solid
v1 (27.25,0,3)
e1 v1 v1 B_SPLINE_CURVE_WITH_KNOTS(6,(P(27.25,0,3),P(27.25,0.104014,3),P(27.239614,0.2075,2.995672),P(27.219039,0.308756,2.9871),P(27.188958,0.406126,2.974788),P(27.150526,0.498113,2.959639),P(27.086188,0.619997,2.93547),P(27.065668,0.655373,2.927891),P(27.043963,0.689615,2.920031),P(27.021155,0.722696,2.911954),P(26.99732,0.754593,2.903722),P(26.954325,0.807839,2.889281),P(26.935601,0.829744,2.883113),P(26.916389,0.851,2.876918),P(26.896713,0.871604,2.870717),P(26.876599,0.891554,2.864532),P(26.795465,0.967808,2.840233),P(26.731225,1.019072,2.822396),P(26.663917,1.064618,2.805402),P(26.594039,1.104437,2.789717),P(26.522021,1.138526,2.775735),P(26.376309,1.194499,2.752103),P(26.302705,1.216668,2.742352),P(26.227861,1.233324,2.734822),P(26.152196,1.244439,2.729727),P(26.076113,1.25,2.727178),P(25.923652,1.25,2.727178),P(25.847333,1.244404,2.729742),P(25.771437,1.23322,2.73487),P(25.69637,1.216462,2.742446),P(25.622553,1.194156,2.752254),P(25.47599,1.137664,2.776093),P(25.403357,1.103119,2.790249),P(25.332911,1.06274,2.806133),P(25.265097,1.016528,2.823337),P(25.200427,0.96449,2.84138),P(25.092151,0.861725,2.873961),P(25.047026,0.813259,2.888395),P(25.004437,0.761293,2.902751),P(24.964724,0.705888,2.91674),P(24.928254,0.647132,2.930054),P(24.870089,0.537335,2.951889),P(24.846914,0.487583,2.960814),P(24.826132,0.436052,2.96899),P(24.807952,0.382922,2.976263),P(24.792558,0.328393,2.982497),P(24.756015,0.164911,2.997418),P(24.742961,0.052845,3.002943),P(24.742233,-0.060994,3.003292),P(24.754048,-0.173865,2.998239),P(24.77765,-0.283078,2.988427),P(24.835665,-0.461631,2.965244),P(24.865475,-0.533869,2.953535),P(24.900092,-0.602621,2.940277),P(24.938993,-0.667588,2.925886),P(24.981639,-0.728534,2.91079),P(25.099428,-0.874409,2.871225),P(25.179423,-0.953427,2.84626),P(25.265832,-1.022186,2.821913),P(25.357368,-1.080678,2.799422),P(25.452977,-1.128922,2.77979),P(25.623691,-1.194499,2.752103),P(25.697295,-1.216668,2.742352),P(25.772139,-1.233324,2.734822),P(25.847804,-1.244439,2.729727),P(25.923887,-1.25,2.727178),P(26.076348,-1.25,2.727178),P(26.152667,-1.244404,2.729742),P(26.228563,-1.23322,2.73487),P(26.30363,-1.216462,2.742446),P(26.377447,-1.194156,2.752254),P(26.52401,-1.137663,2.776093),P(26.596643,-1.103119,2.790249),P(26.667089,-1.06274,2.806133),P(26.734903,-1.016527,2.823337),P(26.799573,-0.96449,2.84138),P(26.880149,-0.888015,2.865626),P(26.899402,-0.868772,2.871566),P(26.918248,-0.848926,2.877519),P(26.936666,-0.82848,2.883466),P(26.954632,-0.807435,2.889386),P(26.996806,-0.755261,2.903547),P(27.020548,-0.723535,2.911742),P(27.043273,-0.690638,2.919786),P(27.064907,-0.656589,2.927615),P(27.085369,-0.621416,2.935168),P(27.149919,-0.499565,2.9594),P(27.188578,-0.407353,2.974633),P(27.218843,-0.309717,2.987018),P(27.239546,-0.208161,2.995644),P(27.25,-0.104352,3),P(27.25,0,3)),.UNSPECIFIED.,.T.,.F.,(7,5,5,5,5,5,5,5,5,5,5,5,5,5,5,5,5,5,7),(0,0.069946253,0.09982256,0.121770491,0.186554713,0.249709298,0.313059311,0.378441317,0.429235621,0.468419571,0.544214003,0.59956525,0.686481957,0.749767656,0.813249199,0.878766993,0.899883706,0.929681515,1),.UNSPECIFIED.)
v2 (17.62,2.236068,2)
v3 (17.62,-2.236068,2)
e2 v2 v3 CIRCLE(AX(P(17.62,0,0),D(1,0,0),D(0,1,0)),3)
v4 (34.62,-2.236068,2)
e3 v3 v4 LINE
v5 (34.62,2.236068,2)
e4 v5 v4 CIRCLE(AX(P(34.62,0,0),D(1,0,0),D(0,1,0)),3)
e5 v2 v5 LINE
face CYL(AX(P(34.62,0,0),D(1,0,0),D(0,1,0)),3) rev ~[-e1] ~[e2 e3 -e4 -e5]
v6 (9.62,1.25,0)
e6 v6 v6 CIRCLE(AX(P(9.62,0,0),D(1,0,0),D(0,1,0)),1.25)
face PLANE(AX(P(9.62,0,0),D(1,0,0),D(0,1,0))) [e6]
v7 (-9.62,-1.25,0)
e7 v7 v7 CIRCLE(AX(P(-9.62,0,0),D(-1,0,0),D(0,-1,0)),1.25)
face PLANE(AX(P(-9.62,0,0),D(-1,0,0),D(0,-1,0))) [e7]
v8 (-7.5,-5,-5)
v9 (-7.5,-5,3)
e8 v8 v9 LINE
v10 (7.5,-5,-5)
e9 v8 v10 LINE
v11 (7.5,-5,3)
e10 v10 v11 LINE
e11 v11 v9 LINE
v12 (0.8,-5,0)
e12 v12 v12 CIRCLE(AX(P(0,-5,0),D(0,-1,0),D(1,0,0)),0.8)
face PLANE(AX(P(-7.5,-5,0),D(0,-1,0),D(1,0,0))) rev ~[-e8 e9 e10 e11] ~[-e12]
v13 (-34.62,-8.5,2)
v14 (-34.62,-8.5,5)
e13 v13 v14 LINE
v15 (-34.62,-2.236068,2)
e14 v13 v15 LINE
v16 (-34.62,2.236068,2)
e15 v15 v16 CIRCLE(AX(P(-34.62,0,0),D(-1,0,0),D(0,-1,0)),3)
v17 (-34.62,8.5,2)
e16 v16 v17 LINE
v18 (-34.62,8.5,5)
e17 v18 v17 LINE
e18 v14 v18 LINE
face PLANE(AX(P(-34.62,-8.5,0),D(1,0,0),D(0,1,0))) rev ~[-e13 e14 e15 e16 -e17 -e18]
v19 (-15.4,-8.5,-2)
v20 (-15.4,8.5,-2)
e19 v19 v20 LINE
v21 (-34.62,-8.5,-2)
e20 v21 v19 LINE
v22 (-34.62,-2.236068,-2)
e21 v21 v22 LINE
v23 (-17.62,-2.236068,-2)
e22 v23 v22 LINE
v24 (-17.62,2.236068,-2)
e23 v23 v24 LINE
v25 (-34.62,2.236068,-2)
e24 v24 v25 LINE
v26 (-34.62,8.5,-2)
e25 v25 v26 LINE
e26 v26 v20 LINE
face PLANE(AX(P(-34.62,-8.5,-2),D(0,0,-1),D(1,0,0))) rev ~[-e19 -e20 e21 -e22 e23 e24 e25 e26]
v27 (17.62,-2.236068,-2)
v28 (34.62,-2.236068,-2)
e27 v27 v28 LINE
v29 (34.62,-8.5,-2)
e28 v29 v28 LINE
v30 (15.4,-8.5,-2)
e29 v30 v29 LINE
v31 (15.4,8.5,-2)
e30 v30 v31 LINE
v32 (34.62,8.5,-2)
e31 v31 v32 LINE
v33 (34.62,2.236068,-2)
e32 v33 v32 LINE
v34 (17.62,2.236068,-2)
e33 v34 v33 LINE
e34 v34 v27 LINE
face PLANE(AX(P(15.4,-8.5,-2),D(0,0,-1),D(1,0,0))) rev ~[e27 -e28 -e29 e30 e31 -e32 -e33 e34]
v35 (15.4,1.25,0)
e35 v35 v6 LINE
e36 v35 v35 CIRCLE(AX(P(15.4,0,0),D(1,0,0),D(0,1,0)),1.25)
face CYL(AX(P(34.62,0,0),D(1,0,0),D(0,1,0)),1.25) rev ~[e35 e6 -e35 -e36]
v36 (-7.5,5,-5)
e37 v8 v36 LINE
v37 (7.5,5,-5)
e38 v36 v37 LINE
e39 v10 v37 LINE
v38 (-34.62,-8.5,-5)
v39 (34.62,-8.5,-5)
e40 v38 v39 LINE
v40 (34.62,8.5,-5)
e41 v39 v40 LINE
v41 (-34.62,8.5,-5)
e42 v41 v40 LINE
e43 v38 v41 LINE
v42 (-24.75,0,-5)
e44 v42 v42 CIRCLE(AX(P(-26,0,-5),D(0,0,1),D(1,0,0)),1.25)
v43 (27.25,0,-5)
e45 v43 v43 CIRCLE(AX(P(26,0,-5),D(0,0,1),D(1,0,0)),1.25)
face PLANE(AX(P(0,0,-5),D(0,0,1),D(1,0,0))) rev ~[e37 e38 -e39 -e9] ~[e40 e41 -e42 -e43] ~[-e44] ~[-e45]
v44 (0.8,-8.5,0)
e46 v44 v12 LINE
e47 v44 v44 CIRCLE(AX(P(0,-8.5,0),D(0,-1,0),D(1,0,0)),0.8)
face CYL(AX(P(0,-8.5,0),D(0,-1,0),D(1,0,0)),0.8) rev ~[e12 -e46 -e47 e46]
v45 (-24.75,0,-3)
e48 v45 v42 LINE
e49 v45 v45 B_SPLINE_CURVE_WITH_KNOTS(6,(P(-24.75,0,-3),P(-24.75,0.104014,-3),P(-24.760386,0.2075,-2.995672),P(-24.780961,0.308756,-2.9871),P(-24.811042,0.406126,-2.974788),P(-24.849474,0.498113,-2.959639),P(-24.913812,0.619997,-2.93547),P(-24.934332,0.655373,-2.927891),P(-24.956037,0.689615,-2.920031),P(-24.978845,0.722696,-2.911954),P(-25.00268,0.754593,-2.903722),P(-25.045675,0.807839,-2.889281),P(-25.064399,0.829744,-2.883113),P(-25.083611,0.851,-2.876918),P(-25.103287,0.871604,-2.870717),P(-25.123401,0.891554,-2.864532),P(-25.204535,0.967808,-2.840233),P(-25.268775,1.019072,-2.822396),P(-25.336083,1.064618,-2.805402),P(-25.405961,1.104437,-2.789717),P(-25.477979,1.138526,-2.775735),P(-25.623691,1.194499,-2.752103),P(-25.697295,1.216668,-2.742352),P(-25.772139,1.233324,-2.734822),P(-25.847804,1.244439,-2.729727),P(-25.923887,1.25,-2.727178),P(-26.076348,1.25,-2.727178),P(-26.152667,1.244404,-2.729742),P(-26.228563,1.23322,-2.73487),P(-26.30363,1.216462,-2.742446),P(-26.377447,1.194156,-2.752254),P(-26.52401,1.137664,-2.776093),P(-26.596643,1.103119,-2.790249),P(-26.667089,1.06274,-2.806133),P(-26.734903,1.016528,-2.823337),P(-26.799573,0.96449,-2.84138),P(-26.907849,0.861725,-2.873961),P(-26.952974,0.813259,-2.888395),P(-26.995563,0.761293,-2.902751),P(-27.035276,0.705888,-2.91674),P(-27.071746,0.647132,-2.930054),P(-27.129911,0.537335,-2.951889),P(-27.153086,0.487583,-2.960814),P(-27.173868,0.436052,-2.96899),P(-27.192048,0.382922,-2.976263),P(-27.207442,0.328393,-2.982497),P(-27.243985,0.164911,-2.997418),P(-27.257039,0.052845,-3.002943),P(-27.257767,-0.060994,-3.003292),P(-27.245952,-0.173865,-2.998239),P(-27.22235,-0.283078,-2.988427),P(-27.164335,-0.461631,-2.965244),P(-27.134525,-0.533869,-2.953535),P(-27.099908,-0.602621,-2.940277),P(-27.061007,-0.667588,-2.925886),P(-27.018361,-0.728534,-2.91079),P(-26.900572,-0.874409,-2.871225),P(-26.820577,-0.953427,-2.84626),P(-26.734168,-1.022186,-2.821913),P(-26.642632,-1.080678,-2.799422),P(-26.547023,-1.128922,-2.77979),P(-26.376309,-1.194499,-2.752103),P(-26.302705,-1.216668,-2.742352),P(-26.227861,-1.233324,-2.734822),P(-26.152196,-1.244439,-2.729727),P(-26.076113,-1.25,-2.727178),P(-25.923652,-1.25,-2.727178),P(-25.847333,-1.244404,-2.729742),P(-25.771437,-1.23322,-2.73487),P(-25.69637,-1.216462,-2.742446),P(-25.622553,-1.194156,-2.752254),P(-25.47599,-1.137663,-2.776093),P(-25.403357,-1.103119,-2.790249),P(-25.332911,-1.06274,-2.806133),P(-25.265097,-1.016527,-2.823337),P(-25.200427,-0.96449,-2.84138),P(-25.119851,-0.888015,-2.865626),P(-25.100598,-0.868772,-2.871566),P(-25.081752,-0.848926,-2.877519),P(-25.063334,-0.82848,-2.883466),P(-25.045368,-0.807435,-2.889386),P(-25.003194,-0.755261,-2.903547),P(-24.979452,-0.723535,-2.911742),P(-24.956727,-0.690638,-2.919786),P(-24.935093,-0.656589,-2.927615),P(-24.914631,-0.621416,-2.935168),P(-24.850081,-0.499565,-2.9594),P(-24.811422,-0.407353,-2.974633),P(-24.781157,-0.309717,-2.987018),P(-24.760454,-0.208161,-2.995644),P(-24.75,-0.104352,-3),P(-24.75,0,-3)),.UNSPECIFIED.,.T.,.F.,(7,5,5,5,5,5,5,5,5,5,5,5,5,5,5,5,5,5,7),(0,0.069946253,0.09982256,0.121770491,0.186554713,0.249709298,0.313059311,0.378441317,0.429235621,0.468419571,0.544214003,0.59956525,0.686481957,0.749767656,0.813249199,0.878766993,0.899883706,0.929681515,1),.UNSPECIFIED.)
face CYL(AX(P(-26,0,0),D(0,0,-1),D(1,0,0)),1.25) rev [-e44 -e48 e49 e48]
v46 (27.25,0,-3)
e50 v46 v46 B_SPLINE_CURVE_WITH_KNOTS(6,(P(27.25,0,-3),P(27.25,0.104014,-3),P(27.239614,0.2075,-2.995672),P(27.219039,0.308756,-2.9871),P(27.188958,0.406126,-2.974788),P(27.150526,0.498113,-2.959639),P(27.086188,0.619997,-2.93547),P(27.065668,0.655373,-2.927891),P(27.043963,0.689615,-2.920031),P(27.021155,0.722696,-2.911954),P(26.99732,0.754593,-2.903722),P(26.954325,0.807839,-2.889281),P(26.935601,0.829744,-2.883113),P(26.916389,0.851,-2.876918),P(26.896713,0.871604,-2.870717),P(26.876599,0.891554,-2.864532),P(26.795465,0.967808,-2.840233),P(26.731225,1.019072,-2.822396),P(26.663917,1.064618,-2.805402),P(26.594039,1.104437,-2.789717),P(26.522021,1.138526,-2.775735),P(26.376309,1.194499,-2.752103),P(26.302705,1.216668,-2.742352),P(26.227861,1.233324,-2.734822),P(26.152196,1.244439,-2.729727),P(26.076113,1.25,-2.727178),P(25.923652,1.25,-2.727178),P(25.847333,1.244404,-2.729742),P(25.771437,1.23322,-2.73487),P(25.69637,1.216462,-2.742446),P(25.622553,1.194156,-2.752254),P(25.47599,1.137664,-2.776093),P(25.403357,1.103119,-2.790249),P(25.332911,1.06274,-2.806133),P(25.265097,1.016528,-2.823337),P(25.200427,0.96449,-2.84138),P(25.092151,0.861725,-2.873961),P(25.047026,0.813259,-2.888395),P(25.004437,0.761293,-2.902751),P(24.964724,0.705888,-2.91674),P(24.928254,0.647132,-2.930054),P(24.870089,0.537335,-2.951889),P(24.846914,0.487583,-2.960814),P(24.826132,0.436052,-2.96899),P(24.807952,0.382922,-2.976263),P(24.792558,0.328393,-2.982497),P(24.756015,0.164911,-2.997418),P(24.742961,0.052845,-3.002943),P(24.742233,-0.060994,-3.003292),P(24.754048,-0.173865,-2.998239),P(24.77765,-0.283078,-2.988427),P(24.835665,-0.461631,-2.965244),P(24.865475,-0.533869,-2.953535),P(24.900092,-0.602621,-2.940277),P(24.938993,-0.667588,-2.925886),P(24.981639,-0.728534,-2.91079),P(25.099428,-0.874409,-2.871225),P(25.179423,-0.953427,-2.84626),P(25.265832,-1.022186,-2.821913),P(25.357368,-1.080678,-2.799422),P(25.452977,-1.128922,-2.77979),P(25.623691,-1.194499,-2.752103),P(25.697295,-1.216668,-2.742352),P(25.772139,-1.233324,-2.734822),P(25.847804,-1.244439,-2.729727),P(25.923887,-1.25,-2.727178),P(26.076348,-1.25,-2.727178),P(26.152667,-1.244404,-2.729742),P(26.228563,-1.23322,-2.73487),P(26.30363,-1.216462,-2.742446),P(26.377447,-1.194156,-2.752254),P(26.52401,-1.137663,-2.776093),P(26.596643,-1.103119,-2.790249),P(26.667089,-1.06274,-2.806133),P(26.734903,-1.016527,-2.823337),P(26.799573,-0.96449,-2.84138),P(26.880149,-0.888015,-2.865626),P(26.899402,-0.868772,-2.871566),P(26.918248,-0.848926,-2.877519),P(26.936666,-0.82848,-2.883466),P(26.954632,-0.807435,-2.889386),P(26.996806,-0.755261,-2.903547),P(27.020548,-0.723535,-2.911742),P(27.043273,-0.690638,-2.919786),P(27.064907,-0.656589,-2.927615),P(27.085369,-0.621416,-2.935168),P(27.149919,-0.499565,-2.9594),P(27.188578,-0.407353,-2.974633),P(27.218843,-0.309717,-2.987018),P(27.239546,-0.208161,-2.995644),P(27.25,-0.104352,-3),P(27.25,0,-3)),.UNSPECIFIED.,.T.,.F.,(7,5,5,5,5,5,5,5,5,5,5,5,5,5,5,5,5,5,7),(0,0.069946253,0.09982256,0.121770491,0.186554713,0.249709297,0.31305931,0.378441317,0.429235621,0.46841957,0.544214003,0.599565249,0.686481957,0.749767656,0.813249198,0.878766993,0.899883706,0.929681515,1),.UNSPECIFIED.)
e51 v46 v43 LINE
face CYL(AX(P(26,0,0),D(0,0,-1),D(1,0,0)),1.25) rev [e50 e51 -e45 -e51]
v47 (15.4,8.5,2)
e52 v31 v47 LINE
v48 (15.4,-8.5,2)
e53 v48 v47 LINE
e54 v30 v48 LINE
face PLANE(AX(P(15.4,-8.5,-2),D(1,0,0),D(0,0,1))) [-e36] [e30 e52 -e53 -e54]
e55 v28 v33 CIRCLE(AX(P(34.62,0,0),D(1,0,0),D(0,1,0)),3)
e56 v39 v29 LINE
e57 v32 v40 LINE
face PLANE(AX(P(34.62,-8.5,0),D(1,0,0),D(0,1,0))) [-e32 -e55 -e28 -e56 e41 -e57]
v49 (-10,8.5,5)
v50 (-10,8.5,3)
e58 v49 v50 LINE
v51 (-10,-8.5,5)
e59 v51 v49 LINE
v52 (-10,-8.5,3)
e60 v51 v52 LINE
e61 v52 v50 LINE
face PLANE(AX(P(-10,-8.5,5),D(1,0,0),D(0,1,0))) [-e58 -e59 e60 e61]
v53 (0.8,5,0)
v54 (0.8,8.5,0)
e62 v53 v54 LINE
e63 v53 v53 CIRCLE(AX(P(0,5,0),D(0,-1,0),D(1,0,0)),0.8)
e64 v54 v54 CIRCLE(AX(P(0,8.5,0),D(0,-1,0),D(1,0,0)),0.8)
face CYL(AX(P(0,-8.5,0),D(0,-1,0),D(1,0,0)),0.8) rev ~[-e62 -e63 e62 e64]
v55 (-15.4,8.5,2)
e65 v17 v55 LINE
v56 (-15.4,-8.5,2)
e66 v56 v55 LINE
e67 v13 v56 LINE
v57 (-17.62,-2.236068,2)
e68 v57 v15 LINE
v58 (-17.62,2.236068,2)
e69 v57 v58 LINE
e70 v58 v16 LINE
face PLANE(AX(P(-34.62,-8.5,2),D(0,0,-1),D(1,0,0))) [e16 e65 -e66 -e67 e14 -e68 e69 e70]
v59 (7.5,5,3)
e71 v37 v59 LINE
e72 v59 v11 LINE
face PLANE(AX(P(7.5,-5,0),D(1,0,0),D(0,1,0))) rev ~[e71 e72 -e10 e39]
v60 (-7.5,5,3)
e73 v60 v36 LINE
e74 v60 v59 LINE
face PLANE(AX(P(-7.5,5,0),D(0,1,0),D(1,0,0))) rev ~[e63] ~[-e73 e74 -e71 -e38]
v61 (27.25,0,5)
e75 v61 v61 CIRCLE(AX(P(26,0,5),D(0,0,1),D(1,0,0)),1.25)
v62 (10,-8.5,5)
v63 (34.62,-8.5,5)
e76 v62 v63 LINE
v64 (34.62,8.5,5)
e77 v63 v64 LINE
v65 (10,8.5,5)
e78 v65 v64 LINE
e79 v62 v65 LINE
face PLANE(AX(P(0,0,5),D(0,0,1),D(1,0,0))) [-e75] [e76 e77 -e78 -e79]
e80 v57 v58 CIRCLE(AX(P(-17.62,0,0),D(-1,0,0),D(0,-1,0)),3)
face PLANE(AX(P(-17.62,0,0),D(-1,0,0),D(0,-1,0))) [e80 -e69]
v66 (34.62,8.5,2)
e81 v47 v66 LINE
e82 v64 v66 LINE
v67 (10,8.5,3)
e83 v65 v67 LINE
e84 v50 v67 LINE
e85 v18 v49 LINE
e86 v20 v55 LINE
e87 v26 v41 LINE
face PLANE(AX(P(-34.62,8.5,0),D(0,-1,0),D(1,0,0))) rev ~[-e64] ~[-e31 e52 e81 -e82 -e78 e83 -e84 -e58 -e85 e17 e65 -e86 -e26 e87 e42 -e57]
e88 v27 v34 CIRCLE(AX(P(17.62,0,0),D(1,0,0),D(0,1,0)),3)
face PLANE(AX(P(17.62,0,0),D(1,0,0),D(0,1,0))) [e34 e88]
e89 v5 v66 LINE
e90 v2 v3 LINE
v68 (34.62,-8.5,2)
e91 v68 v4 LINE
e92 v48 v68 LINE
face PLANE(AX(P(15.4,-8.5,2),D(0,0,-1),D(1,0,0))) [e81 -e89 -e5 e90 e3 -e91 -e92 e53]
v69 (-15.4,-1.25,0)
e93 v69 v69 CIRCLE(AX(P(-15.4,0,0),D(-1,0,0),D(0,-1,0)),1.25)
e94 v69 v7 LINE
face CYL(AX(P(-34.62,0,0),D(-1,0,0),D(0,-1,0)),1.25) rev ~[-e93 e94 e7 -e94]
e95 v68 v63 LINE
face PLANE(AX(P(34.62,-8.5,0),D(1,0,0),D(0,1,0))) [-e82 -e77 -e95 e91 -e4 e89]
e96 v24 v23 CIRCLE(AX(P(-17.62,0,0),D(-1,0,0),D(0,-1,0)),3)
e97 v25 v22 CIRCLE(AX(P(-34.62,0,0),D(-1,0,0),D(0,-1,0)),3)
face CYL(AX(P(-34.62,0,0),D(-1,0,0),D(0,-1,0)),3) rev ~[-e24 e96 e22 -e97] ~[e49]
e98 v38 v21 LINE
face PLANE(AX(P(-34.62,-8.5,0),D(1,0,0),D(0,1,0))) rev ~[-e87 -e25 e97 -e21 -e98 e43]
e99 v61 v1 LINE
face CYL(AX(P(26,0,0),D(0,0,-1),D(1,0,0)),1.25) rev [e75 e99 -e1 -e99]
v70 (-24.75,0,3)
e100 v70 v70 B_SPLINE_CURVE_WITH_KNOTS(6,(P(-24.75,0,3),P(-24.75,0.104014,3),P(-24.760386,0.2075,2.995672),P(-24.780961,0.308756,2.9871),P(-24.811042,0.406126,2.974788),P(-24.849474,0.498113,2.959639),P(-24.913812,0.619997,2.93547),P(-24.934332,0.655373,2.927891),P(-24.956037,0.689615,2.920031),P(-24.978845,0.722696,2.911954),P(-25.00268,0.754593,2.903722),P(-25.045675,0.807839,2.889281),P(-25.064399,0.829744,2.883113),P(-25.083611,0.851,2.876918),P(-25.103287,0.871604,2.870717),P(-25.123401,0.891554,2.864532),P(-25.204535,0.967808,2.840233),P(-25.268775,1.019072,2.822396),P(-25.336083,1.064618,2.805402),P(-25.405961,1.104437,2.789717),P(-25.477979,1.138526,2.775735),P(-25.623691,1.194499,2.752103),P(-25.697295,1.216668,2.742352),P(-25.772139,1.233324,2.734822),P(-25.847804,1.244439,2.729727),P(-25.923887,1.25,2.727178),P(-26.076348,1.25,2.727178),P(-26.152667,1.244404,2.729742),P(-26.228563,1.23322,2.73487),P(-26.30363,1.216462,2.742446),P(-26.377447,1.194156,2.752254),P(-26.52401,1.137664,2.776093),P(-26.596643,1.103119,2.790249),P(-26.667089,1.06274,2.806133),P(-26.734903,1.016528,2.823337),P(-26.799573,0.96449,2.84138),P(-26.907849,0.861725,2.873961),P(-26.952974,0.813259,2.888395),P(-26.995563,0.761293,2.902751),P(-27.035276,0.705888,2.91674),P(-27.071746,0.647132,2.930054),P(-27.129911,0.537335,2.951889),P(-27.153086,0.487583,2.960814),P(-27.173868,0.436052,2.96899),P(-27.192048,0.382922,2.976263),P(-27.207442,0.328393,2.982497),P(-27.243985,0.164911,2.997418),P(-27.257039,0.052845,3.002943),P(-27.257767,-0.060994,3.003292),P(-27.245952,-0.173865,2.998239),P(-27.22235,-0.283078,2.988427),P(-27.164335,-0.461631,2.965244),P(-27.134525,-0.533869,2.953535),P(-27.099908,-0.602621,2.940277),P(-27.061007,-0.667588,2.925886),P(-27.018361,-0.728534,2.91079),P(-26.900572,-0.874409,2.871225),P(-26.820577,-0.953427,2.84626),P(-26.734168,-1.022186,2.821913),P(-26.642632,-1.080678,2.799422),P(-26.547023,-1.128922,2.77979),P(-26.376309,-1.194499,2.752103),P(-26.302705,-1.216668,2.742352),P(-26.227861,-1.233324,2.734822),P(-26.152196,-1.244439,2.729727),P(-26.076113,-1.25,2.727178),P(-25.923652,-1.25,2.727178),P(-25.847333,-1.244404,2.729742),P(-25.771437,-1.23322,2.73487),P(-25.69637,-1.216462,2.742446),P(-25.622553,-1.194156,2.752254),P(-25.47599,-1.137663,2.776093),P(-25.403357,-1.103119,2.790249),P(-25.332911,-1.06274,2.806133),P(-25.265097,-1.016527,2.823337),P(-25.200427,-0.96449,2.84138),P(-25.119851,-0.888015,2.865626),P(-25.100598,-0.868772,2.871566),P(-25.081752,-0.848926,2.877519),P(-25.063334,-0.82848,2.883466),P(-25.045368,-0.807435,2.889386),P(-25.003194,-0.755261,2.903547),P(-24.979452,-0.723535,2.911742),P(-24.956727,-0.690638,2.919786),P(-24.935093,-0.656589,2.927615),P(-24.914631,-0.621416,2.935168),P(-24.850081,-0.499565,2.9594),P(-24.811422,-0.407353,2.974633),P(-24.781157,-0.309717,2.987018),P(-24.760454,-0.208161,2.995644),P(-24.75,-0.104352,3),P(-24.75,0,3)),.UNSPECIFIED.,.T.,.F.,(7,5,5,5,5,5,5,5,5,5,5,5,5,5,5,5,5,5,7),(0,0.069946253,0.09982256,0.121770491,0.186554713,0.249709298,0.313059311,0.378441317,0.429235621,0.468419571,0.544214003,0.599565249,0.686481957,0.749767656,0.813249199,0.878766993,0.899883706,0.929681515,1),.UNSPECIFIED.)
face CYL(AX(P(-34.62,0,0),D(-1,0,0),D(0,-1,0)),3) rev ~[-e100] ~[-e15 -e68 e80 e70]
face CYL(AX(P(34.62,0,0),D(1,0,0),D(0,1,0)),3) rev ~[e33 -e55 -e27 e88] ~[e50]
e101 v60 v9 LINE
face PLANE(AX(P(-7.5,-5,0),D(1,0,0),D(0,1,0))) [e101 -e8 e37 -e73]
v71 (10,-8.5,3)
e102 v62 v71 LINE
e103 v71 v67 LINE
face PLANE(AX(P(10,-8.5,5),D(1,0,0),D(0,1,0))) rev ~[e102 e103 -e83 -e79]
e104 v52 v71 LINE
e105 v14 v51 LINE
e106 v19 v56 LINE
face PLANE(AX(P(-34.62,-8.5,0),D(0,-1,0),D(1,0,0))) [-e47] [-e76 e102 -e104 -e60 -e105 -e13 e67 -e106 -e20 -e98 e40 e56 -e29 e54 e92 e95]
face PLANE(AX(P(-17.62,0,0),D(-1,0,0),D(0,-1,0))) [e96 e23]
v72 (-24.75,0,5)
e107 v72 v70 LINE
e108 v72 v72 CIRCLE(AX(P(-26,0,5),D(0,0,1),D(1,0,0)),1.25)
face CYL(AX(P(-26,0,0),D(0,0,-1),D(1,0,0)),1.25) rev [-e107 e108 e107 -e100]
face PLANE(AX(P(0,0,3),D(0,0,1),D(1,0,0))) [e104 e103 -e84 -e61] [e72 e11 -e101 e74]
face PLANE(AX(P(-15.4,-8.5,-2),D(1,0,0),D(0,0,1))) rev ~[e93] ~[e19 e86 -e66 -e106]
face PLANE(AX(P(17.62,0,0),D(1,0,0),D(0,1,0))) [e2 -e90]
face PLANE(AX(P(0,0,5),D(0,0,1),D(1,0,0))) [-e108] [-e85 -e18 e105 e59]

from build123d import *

# Parameters (mm, degrees)
F0_W      = 69.24
F0_H      = 17
F0_R      = 1.25
F0_W_2    = 15
F0_H_2    = 10
F1_DEPTH  = 5
F2_R      = 0.8
F2_W      = 19.22
F2_H      = 4
F3_DEPTH  = 25
F4_R      = 1.25
F5_DEPTH  = 25
F6_R      = 3
F7_DEPTH  = 17
F8_R      = 1.25
F9_DEPTH  = 25
F10_R     = 3
F11_DEPTH = 17
F12_W     = 20
F12_H     = 17
F13_DEPTH = 2


with BuildPart() as f1:
    # F0 (on Top) → F1 (new body, symmetric)
    with BuildSketch(Plane.XY):
        Rectangle(F0_W, F0_H)
        with Locations((-26, 0)):
            Circle(F0_R, mode=Mode.SUBTRACT)
        Rectangle(F0_W_2, F0_H_2, mode=Mode.SUBTRACT)
        with Locations((26, 0)):
            Circle(F0_R, mode=Mode.SUBTRACT)
    extrude(amount=F1_DEPTH, both=True)

    # F2 (on face) → F3 (cut)
    with BuildSketch(Plane.XZ.offset(8.5)):
        Circle(F2_R)
        with Locations((-25.01, 0)):
            Rectangle(F2_W, F2_H)
        with Locations((25.01, 0)):
            Rectangle(F2_W, F2_H)
    extrude(amount=-F3_DEPTH, mode=Mode.SUBTRACT)

    # F4 (on face) → F5 (cut)
    with BuildSketch(Plane(origin=(-34.62, 0, 0), x_dir=(0, -1, 0), z_dir=(-1, 0, 0))):
        Circle(F4_R)
    extrude(amount=-F5_DEPTH, mode=Mode.SUBTRACT)

    # F6 (on face) → F7 (cut)
    with BuildSketch(Plane(origin=(-34.62, 0, 0), x_dir=(0, -1, 0), z_dir=(-1, 0, 0))):
        Circle(F6_R)
    extrude(amount=-F7_DEPTH, mode=Mode.SUBTRACT)

    # F8 (on face) → F9 (cut)
    with BuildSketch(Plane.YZ.offset(34.62)):
        Circle(F8_R)
    extrude(amount=-F9_DEPTH, mode=Mode.SUBTRACT)

    # F10 (on face) → F11 (cut)
    with BuildSketch(Plane.YZ.offset(34.62)):
        Circle(F10_R)
    extrude(amount=-F11_DEPTH, mode=Mode.SUBTRACT)

    # F12 (on face) → F13 (cut)
    with BuildSketch(Plane.XY.offset(5)):
        Rectangle(F12_W, F12_H)
    extrude(amount=-F13_DEPTH, mode=Mode.SUBTRACT)


solid = f1.part
